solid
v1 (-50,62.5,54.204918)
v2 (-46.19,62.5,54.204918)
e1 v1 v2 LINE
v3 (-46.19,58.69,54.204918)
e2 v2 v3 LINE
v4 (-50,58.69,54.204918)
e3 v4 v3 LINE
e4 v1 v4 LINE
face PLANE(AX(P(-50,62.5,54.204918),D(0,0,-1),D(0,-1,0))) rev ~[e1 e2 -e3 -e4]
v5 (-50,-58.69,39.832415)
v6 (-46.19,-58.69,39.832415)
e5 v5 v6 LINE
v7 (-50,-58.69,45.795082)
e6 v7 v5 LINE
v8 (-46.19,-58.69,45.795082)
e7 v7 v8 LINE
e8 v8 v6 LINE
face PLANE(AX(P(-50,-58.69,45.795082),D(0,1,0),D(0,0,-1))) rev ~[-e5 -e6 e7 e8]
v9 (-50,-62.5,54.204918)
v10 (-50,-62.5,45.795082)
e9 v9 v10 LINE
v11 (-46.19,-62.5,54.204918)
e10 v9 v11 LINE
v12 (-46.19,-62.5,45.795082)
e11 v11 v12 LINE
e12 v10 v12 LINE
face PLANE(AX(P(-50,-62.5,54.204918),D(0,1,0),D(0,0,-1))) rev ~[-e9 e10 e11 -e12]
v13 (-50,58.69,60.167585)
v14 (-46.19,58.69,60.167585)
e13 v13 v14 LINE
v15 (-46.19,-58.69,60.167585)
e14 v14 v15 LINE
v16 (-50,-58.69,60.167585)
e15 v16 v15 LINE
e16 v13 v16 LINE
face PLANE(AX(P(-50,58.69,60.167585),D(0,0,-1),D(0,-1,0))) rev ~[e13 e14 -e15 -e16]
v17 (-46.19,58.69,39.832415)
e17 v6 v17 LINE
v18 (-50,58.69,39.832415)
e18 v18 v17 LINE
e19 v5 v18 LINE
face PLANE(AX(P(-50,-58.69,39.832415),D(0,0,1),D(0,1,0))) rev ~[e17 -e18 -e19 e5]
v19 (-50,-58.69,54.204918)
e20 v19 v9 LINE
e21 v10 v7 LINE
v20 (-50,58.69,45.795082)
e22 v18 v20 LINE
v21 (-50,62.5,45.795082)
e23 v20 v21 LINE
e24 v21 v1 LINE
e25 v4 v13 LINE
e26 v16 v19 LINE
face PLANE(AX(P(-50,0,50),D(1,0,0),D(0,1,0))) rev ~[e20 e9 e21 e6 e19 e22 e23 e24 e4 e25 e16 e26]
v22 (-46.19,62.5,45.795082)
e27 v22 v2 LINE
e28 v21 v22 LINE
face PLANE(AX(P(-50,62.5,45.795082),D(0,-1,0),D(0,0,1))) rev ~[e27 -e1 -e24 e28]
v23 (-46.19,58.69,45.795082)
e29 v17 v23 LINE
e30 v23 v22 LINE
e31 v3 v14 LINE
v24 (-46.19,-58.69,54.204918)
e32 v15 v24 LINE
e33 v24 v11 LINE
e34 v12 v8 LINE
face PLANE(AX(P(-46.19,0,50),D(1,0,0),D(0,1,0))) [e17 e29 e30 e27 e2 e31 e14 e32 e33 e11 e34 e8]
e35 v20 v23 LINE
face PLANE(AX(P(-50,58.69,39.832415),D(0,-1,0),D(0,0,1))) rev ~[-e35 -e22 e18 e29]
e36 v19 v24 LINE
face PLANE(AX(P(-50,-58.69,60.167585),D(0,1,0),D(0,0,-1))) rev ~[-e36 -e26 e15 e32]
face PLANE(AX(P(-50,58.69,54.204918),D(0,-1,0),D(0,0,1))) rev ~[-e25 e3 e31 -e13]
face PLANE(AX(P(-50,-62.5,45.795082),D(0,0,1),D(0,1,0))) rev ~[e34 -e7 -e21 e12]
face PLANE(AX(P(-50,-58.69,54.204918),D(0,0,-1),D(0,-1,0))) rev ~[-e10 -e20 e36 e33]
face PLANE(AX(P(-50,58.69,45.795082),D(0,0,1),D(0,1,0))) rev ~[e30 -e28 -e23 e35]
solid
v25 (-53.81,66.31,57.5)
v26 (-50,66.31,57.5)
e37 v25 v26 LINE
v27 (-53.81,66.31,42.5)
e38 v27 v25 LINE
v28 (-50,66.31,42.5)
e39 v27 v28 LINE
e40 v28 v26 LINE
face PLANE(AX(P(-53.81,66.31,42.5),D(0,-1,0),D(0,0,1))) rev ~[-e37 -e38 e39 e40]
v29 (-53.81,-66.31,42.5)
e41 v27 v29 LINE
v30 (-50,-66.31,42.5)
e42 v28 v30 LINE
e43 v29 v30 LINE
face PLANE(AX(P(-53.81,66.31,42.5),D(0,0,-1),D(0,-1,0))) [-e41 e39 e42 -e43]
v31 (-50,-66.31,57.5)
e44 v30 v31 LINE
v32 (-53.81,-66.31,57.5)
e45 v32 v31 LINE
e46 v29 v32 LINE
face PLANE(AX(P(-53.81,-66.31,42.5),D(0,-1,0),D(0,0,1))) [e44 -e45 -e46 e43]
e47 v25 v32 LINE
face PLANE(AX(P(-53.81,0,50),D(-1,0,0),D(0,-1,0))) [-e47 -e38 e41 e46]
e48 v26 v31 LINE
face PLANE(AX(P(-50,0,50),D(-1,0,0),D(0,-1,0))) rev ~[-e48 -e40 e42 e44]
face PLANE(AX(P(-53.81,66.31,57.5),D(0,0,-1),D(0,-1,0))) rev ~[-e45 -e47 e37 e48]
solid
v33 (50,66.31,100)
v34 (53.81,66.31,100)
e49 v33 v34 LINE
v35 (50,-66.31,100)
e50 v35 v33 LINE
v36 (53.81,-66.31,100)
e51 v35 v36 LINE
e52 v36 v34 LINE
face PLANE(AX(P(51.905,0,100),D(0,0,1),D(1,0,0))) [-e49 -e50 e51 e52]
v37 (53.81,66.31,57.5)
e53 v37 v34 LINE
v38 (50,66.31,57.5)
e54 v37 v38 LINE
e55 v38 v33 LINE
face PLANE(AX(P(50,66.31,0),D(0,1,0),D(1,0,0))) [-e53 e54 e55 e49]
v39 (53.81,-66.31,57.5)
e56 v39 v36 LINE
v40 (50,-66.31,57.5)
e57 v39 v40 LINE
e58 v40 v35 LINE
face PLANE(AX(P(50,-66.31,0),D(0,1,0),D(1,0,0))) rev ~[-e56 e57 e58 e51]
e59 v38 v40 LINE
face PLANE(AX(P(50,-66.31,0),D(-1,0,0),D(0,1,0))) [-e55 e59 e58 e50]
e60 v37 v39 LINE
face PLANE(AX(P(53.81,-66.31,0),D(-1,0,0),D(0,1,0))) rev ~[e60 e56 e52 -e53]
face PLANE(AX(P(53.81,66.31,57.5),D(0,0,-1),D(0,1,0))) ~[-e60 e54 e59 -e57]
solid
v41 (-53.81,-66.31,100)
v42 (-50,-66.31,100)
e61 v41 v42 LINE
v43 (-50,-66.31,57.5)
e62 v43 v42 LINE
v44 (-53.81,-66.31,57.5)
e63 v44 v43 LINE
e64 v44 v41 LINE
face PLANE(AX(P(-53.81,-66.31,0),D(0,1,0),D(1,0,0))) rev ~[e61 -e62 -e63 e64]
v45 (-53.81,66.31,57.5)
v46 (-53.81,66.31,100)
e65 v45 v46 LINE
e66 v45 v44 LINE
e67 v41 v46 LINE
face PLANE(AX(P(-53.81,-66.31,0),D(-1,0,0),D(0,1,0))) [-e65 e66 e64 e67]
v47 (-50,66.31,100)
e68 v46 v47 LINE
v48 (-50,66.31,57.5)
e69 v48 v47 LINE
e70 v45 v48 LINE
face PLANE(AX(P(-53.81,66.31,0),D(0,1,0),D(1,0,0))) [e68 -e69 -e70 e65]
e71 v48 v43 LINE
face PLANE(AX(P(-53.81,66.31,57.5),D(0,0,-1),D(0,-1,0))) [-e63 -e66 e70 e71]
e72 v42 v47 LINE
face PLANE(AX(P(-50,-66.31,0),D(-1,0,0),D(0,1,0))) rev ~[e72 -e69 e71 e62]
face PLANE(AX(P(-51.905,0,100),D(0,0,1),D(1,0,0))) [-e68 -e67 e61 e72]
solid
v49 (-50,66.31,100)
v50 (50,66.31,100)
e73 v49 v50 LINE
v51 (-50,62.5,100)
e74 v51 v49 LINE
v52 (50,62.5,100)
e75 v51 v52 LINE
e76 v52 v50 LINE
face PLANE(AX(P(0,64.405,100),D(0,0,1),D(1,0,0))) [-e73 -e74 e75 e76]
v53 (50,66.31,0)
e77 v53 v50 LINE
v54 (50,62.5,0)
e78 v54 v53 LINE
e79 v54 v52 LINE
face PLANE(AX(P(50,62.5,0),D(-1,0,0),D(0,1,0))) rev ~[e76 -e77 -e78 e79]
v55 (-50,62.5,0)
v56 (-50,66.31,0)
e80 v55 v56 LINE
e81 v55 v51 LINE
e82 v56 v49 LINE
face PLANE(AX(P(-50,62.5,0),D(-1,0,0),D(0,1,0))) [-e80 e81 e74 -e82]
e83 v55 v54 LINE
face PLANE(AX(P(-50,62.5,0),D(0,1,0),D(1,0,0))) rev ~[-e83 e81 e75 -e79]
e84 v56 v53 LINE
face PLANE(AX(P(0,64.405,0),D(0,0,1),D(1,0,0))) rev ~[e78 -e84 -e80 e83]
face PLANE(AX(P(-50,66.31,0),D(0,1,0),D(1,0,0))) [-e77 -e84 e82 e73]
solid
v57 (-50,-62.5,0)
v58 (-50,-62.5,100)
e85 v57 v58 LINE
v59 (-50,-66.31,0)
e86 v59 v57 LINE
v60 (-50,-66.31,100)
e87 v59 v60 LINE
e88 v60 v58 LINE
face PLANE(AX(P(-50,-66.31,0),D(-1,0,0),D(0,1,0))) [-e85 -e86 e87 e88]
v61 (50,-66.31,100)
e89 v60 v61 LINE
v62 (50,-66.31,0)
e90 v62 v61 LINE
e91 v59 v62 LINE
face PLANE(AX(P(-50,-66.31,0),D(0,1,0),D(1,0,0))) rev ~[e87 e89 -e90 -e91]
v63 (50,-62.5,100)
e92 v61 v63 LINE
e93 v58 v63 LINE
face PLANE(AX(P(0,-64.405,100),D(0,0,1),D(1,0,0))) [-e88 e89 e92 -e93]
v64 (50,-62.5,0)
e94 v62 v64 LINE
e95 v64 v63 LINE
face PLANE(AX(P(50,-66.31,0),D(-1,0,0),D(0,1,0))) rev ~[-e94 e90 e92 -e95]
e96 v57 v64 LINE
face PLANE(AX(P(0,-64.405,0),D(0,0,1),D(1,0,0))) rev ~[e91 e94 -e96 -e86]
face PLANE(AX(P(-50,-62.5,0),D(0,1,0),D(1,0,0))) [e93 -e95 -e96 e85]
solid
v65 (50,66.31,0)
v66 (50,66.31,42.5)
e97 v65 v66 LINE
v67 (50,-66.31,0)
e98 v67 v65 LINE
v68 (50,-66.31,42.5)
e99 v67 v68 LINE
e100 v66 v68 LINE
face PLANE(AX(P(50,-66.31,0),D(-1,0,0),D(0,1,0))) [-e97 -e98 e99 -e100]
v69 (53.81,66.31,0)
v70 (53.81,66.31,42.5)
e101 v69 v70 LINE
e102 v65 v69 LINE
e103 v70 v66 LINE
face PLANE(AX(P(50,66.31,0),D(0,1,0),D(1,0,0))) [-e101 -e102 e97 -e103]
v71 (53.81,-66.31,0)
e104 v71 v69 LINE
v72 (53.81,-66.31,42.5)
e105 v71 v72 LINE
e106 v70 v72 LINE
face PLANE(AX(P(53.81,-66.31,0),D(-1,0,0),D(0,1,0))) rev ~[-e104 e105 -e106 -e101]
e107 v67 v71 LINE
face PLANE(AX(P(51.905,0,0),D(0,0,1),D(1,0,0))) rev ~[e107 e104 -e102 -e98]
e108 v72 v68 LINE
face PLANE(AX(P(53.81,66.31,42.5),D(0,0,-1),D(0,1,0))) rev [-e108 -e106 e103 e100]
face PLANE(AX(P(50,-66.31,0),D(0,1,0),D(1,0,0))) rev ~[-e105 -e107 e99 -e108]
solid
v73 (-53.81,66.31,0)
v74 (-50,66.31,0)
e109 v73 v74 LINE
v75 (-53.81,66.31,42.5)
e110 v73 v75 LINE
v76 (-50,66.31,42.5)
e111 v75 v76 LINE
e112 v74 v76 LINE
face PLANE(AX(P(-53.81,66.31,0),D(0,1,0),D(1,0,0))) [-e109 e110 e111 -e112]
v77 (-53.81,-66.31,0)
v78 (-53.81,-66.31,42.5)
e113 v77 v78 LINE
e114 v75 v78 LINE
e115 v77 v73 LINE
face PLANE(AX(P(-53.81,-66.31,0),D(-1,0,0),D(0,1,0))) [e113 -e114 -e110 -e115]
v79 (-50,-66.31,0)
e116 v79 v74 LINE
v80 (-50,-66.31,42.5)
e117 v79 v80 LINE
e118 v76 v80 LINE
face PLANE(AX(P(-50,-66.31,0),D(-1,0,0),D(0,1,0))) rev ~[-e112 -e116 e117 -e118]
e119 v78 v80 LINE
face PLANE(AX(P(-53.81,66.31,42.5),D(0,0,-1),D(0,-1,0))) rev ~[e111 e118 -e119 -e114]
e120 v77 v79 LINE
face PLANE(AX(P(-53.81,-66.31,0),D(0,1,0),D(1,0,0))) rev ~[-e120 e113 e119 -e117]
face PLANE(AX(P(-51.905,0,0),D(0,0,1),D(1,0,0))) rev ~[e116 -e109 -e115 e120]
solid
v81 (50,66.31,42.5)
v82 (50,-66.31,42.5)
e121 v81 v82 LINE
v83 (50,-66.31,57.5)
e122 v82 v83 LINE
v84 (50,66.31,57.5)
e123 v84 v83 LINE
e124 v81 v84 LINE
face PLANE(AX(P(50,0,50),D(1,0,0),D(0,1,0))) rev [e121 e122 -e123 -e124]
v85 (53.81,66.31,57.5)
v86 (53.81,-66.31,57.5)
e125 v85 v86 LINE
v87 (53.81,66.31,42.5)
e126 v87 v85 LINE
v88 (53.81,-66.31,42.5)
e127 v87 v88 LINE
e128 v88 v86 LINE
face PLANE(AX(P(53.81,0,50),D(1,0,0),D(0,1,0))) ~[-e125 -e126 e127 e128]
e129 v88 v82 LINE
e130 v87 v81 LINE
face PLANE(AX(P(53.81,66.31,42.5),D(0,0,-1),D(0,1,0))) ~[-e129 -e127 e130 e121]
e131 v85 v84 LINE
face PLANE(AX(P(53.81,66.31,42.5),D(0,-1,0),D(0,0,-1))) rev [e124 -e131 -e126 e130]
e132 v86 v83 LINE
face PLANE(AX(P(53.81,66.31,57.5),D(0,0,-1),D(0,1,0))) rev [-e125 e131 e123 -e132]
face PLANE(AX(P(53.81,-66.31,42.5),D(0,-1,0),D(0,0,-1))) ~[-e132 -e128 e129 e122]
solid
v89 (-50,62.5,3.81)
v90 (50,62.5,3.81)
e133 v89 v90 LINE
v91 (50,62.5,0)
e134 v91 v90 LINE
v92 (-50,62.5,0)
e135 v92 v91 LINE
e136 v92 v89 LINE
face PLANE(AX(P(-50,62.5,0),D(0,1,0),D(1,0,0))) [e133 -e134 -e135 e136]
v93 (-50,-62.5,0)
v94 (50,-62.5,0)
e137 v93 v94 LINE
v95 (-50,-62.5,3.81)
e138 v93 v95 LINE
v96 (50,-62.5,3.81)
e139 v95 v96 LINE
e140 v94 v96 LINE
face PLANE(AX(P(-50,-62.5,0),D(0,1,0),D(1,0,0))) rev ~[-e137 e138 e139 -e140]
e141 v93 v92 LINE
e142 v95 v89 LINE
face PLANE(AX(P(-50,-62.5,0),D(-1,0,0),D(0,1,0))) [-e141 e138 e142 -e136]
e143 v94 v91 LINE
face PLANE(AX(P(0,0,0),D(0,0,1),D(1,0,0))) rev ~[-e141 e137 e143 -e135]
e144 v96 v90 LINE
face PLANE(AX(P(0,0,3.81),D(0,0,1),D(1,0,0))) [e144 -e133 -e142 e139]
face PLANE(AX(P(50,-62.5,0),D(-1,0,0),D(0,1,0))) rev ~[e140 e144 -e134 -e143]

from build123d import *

# Parameters (mm, degrees)
F0_W      = 100
F0_H      = 125
F1_DEPTH  = 3.81
F2_W      = 100
F2_H      = 3.81
F3_DEPTH  = 100
F4_W      = 3.81
F4_H      = 132.62
F5_DEPTH  = 100
F6_W      = 132.62
F6_H      = 15
F7_DEPTH  = 3.81
F11_DEPTH = 3.81


with BuildPart() as f1:
    # F0 (on Top) → F1 (new body)
    with BuildSketch(Plane.XY):
        Rectangle(F0_W, F0_H)
    extrude(amount=F1_DEPTH)


with BuildPart() as f3:
    # F2 (on Top) → F3 (new body)
    with BuildSketch(Plane.XY):
        with Locations((0, 64.405)):
            Rectangle(F2_W, F2_H)
        with Locations((0, -64.405)):
            Rectangle(F2_W, F2_H)
    extrude(amount=F3_DEPTH)


with BuildPart() as f5:
    # F4 (on Top) → F5 (new body, through all)
    with BuildSketch(Plane.XY):
        with Locations((-51.905, 0)):
            Rectangle(F4_W, F4_H)
        with Locations((51.905, 0)):
            Rectangle(F4_W, F4_H)
    extrude(amount=F5_DEPTH)


with BuildPart() as f7:
    # F6 (on face) → F7 (new body, through all)
    with BuildSketch(Plane(origin=(-53.81, 0, 0), x_dir=(0, -1, 0), z_dir=(-1, 0, 0))):
        with Locations((0, 50)):
            Rectangle(F6_W, F6_H)
    extrude(amount=-F7_DEPTH)


with BuildPart() as f8_1:
    # F8: instance of F7
    add(f7.part.mirror(Plane.YZ))


with BuildPart() as f5_1:
    add(f5.part)

    # F9: cut F8_1, F7
    add(f8_1.part, mode=Mode.SUBTRACT)
    add(f7.part, mode=Mode.SUBTRACT)


with BuildPart() as f11:
    # F10 (on face) → F11 (new body)
    with BuildSketch(Plane.YZ.offset(-50)):
        Polygon((58.69, 54.204918), (58.69, 60.167585), (-58.69, 60.167585), (-58.69, 54.204918), (-62.5, 54.204918), (-62.5, 45.795082), (-58.69, 45.795082), (-58.69, 39.832415), (58.69, 39.832415), (58.69, 45.795082), (62.5, 45.795082), (62.5, 54.204918), align=None)
    extrude(amount=F11_DEPTH)


solid = Compound([f1.part, f3.part, f7.part, f8_1.part, f5_1.part, f11.part])
